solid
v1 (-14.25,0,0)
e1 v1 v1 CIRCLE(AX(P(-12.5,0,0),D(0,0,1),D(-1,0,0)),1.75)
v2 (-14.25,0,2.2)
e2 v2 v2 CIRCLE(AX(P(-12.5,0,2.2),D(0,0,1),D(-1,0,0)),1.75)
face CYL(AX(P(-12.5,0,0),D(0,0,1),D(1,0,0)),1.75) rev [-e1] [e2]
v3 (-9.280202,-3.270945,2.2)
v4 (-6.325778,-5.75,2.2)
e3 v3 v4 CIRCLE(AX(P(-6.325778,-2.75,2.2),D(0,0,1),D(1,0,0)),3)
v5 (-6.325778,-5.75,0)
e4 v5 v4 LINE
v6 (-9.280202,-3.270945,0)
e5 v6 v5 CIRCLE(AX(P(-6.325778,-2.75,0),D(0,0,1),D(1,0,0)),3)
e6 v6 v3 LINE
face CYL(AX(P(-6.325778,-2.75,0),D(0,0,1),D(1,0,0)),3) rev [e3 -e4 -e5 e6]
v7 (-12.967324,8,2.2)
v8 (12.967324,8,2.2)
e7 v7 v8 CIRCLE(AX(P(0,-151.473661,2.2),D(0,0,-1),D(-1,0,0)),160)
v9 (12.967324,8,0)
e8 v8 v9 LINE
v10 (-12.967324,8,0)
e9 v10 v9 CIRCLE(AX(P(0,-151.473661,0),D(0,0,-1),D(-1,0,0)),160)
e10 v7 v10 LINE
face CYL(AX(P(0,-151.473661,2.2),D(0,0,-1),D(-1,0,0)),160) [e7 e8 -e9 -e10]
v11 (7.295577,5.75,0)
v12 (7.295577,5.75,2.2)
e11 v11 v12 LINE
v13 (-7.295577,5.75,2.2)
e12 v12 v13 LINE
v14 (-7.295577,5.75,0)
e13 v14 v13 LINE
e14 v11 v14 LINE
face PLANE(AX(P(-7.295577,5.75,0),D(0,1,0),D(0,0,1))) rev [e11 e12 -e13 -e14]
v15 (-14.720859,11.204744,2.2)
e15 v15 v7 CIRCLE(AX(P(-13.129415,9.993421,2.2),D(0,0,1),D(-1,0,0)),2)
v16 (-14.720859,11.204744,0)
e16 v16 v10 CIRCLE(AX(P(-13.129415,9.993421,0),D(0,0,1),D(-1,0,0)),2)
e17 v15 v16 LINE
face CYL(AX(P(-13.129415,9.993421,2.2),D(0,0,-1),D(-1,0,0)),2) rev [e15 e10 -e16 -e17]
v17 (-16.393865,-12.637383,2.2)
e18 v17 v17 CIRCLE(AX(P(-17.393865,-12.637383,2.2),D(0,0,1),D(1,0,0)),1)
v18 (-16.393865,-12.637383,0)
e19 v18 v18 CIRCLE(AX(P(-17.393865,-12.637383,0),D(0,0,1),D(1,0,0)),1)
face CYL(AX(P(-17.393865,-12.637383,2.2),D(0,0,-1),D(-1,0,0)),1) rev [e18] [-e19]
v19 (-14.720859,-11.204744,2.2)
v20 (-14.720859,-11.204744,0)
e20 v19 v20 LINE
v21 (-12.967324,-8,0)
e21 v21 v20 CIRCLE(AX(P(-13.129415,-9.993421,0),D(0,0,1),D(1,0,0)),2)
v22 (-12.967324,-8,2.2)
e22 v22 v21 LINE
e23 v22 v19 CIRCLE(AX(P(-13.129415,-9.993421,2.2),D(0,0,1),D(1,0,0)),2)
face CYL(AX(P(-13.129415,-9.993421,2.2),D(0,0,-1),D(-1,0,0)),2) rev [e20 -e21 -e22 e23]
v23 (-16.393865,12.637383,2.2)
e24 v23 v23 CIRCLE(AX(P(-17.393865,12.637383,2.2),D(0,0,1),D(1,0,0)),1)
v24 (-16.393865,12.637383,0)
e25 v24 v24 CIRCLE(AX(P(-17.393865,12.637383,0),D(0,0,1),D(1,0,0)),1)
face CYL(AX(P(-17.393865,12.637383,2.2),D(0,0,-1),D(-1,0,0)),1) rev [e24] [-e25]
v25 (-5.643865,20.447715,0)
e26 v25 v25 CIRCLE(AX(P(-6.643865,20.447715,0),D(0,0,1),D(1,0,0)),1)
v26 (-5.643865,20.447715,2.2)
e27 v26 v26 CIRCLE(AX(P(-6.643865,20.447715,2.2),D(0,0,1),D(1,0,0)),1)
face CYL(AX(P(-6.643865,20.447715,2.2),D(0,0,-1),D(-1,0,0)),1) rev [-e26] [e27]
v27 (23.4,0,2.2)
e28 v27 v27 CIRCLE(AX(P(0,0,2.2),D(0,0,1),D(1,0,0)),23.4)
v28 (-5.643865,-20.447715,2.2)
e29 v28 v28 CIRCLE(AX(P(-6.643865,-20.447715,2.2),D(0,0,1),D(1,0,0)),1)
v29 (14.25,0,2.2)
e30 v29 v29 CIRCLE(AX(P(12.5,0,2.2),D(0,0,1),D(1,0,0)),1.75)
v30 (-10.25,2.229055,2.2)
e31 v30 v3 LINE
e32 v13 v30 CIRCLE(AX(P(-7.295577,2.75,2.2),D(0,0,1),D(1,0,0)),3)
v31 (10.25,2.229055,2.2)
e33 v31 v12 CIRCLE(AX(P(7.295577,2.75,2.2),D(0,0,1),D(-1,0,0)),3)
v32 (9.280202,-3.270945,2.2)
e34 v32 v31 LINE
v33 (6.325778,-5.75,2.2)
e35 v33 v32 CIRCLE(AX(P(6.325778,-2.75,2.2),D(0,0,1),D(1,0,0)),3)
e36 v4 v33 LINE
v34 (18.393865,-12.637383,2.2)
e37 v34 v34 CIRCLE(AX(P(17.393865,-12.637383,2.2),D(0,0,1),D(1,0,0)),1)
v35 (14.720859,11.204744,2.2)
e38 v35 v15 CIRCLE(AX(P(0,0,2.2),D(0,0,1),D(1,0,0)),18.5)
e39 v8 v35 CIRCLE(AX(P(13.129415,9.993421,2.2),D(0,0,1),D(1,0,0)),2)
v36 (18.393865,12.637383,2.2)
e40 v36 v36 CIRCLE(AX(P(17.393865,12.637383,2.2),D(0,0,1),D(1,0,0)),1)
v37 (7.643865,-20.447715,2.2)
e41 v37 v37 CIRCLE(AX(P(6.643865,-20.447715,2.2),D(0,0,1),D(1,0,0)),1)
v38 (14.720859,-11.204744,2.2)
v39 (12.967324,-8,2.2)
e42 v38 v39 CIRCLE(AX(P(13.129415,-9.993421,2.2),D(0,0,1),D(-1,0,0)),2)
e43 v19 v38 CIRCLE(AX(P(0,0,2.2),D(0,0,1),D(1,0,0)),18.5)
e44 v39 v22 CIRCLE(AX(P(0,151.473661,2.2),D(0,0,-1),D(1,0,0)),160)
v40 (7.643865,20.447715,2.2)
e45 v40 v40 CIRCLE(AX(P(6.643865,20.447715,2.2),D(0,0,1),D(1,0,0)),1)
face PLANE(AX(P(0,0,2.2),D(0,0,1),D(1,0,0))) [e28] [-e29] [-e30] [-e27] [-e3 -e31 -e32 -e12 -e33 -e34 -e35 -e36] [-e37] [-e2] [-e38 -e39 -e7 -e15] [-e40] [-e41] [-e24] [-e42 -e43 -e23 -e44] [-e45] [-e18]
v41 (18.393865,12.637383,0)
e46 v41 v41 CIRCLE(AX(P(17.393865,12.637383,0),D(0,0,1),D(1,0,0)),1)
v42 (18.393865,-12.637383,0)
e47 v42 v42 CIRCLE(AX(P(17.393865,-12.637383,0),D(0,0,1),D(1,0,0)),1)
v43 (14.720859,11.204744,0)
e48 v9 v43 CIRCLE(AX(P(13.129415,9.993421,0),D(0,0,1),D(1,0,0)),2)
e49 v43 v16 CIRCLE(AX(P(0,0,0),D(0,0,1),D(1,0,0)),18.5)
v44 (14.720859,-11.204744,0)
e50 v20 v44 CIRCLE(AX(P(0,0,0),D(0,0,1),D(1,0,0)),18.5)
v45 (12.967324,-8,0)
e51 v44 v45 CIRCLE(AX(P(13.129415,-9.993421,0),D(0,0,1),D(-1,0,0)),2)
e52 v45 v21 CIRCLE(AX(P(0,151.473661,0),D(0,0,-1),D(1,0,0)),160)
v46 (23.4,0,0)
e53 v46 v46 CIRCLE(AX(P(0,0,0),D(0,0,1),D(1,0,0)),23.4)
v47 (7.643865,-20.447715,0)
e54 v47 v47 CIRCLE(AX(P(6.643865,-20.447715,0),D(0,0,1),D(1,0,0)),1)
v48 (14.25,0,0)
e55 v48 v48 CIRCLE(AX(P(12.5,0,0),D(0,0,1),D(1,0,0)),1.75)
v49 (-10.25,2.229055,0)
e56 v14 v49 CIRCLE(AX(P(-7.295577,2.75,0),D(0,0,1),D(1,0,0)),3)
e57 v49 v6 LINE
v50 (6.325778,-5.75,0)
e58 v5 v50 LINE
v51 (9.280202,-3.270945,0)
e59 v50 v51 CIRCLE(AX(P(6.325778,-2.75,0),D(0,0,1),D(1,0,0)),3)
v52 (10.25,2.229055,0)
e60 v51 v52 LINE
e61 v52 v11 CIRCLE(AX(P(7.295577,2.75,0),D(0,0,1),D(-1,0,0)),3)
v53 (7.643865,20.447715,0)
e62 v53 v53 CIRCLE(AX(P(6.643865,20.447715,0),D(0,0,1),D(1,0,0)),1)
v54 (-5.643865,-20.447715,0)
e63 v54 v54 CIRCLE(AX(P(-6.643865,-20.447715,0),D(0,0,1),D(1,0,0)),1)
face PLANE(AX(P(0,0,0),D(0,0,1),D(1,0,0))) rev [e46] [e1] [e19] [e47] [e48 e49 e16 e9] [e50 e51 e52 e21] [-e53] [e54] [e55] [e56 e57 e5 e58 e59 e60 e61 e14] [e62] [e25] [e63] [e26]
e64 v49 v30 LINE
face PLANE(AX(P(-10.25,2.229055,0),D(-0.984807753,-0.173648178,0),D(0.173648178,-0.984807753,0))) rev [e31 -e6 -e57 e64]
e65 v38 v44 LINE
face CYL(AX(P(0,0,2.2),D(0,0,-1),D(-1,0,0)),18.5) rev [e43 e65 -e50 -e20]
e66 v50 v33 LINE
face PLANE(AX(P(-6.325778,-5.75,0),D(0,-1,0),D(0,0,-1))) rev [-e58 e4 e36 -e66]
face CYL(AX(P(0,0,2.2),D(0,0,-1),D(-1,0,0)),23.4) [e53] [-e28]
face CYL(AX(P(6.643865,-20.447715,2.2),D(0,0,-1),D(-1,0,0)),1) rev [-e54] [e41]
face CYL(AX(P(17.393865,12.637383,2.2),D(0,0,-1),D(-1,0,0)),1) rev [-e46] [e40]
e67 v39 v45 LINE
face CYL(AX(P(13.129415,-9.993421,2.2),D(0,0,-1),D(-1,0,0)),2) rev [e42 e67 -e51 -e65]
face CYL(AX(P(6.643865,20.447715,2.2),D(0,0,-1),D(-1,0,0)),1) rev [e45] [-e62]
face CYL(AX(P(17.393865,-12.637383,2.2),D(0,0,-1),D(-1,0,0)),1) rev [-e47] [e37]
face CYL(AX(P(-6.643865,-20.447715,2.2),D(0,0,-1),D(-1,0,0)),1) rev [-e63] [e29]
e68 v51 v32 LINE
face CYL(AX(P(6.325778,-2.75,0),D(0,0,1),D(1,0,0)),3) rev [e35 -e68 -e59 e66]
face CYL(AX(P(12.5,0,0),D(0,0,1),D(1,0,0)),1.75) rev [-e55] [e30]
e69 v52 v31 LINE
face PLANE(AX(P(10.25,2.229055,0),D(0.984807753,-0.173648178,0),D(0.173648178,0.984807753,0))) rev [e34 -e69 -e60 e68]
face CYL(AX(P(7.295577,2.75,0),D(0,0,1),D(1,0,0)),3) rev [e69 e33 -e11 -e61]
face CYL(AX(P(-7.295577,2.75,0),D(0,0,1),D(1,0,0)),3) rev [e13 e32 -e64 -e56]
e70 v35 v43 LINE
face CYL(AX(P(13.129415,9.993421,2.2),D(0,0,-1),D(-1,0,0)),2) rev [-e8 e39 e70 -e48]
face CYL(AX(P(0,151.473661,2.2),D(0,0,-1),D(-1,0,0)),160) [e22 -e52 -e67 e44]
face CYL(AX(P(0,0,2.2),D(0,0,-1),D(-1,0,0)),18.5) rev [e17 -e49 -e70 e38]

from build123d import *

# Parameters (mm, degrees)
SKIZZE1_R                       = 23.4
SKIZZE1_R_2                     = 1
LINEAR_AUSTRAGEN1_DEPTH         = 2.2
SKIZZE3_R                       = 1.75
SCHNITT_LINEAR_AUSTRAGEN3_DEPTH = 34.165644875


with BuildPart() as part:
    # Skizze1 → Linear austragen1 (new body)
    with BuildSketch(Plane.XY):
        Circle(SKIZZE1_R)
        with Locations((6.643865379, 20.4477151)):
            Circle(SKIZZE1_R_2, mode=Mode.SUBTRACT)
        with Locations((17.393865379, 12.637382924)):
            Circle(SKIZZE1_R_2, mode=Mode.SUBTRACT)
        with Locations((17.393865379, -12.637382924)):
            Circle(SKIZZE1_R_2, mode=Mode.SUBTRACT)
        with Locations((-6.643865379, 20.4477151)):
            Circle(SKIZZE1_R_2, mode=Mode.SUBTRACT)
        with Locations((6.643865379, -20.4477151)):
            Circle(SKIZZE1_R_2, mode=Mode.SUBTRACT)
        with Locations((-6.643865379, -20.4477151)):
            Circle(SKIZZE1_R_2, mode=Mode.SUBTRACT)
        with Locations((-17.393865379, -12.637382924)):
            Circle(SKIZZE1_R_2, mode=Mode.SUBTRACT)
        with Locations((-17.393865379, 12.637382924)):
            Circle(SKIZZE1_R_2, mode=Mode.SUBTRACT)
        with BuildLine():
            ThreePointArc((14.720859381, 11.20474449), (0, 18.5), (-14.720859381, 11.20474449))
            ThreePointArc((-14.720859381, 11.20474449), (-14.883940446, 9.033399462), (-12.967323579, 8))
            ThreePointArc((-12.967323579, 8), (0, 8.526339105), (12.967323579, 8))
            ThreePointArc((12.967323579, 8), (14.883940446, 9.033399462), (14.720859381, 11.20474449))
        make_face(mode=Mode.SUBTRACT)
        with BuildLine():
            ThreePointArc((-14.720859381, -11.20474449), (0, -18.5), (14.720859381, -11.20474449))
            ThreePointArc((14.720859381, -11.20474449), (14.883940446, -9.033399462), (12.967323579, -8))
            ThreePointArc((12.967323579, -8), (0, -8.526339105), (-12.967323579, -8))
            ThreePointArc((-12.967323579, -8), (-14.883940446, -9.033399462), (-14.720859381, -11.20474449))
        make_face(mode=Mode.SUBTRACT)
    extrude(amount=LINEAR_AUSTRAGEN1_DEPTH)

    # Skizze3 → Schnitt-Linear austragen3 (cut, through all)
    with BuildSketch(Plane.XY.offset(2.2)):
        with Locations((12.5, 0)):
            Circle(SKIZZE3_R)
        with Locations(Location((-12.5, 0, 0), (0, 0, 180))):
            Circle(SKIZZE3_R)
        with BuildLine():
            Line((-7.295576741, 5.75), (7.295576741, 5.75))
            ThreePointArc((7.295576741, 5.75), (9.59371007, 4.678362829), (10.25, 2.229055467))
            Line((10.25, 2.229055467), (9.280201606, -3.270944533))
            ThreePointArc((9.280201606, -3.270944533), (8.254141176, -5.048133329), (6.325778347, -5.75))
            Line((6.325778347, -5.75), (-6.325778347, -5.75))
            ThreePointArc((-6.325778347, -5.75), (-8.254141176, -5.048133329), (-9.280201606, -3.270944533))
            Line((-9.280201606, -3.270944533), (-10.25, 2.229055467))
            ThreePointArc((-10.25, 2.229055467), (-9.59371007, 4.678362829), (-7.295576741, 5.75))
        make_face()
    extrude(amount=-SCHNITT_LINEAR_AUSTRAGEN3_DEPTH, mode=Mode.SUBTRACT)


solid = part.part
